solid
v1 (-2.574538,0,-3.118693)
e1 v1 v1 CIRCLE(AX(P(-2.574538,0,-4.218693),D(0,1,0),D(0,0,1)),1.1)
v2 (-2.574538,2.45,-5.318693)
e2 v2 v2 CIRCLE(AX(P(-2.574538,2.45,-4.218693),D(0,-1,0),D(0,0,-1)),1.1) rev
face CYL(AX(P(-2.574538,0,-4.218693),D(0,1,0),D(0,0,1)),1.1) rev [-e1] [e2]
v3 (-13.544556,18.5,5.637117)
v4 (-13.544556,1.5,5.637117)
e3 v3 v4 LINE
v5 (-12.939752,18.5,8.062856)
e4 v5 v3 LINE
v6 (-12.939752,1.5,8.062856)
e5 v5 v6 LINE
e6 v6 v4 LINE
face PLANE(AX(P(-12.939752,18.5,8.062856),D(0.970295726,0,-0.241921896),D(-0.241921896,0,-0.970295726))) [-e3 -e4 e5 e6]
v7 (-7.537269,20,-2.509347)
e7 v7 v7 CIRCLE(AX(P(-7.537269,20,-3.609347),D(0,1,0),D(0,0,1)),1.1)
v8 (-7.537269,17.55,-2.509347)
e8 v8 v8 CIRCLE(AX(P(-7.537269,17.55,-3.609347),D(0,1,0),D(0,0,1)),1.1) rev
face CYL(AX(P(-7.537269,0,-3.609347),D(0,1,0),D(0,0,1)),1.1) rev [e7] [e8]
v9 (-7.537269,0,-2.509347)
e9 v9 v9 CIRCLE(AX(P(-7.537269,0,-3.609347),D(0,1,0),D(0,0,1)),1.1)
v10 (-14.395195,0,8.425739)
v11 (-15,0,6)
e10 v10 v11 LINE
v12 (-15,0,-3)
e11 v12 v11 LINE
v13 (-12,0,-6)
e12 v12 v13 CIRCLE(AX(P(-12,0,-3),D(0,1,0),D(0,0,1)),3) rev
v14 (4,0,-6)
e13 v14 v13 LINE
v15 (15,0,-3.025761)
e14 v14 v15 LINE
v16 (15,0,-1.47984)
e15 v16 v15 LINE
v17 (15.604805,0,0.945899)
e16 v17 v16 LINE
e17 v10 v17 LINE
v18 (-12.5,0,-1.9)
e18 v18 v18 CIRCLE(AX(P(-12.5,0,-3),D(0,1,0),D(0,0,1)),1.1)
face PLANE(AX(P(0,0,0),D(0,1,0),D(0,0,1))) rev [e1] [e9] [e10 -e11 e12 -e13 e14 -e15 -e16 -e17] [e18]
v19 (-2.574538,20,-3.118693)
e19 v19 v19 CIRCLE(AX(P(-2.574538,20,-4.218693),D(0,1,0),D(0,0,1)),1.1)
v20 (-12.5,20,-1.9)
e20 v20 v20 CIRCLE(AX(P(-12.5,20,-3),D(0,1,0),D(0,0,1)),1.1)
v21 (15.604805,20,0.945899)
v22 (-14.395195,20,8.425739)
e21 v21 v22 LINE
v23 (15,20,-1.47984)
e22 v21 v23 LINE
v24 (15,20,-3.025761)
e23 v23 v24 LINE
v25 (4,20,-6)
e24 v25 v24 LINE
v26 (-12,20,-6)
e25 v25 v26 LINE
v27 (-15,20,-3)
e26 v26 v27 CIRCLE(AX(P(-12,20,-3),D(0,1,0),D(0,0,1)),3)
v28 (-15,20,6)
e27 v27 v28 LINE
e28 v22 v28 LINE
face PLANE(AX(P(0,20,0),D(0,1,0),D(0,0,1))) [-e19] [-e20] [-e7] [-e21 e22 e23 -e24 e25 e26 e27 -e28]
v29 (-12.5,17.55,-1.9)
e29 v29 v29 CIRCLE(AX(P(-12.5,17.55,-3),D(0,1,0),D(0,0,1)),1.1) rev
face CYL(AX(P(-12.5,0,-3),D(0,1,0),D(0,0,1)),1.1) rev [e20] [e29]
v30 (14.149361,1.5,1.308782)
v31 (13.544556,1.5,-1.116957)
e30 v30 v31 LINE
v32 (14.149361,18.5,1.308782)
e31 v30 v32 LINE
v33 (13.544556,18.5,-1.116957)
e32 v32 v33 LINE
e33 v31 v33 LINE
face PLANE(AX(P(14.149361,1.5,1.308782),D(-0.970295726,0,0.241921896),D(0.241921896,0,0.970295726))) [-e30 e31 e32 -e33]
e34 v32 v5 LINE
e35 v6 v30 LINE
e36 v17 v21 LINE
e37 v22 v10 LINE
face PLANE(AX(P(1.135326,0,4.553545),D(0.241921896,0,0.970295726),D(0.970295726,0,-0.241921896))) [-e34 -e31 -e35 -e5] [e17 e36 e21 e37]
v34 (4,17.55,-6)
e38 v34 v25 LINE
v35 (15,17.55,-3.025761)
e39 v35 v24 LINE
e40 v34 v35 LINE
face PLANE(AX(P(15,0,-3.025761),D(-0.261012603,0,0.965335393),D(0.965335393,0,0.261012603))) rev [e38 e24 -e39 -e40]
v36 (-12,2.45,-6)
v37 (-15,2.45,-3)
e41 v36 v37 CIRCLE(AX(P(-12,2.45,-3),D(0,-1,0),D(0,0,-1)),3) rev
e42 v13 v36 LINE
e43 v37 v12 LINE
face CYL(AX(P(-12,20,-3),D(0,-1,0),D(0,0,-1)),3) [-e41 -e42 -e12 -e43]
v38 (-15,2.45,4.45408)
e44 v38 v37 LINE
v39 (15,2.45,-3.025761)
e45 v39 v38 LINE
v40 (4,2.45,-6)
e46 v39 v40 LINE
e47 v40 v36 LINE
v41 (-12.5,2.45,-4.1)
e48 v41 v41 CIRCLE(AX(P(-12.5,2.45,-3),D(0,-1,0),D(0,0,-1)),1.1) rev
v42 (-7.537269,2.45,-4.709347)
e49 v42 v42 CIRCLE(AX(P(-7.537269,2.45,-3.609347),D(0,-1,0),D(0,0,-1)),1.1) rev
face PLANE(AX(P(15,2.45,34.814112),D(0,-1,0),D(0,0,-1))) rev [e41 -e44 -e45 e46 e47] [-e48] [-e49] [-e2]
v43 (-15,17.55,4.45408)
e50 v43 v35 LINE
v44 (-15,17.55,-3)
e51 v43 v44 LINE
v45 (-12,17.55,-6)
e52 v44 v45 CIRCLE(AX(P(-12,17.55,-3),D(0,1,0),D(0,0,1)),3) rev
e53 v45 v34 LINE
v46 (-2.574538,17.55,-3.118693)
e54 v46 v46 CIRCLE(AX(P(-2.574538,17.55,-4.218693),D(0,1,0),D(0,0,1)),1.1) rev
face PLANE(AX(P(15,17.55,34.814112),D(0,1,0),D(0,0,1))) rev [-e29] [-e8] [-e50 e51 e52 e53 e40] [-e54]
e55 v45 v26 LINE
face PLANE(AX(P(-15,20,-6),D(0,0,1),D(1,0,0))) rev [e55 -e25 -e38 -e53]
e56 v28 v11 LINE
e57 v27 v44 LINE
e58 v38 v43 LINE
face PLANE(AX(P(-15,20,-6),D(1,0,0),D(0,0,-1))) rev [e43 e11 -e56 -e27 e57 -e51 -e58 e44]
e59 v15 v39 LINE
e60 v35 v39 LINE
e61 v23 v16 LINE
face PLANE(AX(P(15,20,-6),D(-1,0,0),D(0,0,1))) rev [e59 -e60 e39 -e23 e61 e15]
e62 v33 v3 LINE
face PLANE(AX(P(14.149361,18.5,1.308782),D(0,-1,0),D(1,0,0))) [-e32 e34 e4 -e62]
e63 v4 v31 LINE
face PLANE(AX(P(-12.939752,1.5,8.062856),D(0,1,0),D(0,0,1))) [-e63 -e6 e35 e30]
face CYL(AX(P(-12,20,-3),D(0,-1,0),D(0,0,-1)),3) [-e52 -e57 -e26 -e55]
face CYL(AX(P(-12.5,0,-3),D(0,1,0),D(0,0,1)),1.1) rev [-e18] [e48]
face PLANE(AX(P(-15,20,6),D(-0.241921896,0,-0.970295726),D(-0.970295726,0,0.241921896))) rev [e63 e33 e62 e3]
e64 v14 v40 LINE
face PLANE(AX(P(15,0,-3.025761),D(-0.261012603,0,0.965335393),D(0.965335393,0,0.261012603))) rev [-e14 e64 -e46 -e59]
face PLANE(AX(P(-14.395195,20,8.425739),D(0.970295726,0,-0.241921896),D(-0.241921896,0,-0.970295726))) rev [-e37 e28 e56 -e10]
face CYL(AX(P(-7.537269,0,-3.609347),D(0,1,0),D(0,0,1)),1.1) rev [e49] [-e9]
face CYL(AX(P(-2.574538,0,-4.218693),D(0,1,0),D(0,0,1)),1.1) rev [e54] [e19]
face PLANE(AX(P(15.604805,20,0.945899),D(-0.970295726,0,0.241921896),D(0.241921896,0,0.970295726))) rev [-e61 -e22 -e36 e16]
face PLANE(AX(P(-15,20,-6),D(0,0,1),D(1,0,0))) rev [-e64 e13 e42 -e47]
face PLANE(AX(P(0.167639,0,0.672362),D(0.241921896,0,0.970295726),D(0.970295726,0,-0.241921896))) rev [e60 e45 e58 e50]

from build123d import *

# Parameters (mm, degrees)
EXTRUDE_1_DEPTH          = 20
SKETCH_2_R               = 1.1
CUT_EXTRUDE_2_DEPTH      = 26.709920264
CUT_EXTRUDE_3_REACH      = 29.731
SKETCH_3_W               = 30
SKETCH_3_H               = 15.1
FILLET_1_R               = 3
SKETCH_6_W               = 30.918408881
SKETCH_6_H               = 20
SKETCH_6_W_2             = 27.918408881
SKETCH_6_H_2             = 17
EXTRUDE_2_DEPTH          = 2.5
CUT_EXTRUDE_4_DEPTH      = 25.9500604
CUT_EXTRUDE_4_DEPTH_BACK = 25.9500604


with BuildPart() as part:
    # 草图1 → 凸台-拉伸1 (new body)
    with BuildSketch(Plane(origin=(0, 0, 0), x_dir=(1, 0, 0), z_dir=(0, 1, 0))):
        Polygon((-15, -6), (15, 1.479840085), (15, 6), (-15, 6), align=None)
    extrude(amount=EXTRUDE_1_DEPTH)

    # 草图2 → 切除-拉伸2 (cut, through all)
    with BuildSketch(Plane(origin=(0, 20, 0), x_dir=(1, 0, 0), z_dir=(0, 1, 0))):
        with Locations(Location((-12.5, 3, 0), (0, 0, 270))):
            Circle(SKETCH_2_R)
        with Locations(Location((-7.537269242, 3.609346717, 0), (0, 0, 270))):
            Circle(SKETCH_2_R)
        with Locations(Location((-2.574538484, 4.218693434, 0), (0, 0, 270))):
            Circle(SKETCH_2_R)
    extrude(amount=-CUT_EXTRUDE_2_DEPTH, mode=Mode.SUBTRACT)

    # 切除-拉伸3: up to this plane
    cut_extrude_3_end = Plane(origin=(0.167638791, 0, 0.672362468), z_dir=(0.24192189559966876, 0, 0.9702957262759963))
    # 草图3 → 切除-拉伸3 (cut, up to the surface)
    with BuildSketch(Plane(origin=(0, 0, -6), x_dir=(-1, 0, 0), z_dir=(0, 0, -1)), mode=Mode.PRIVATE) as cut_extrude_3_sk1:
        with Locations((0, 10)):
            Rectangle(SKETCH_3_W, SKETCH_3_H)
    cut_extrude_3_tool1 = split(extrude(cut_extrude_3_sk1.sketch, amount=-CUT_EXTRUDE_3_REACH, mode=Mode.PRIVATE), bisect_by=cut_extrude_3_end, keep=Keep.BOTH, mode=Mode.PRIVATE)
    add(cut_extrude_3_tool1.solids().sort_by_distance((0, 10, -6))[0], mode=Mode.SUBTRACT)

    # 圆角1
    fillet_1_edges = [part.edges().sort_by_distance(p)[0] for p in [
        (-15, 1.225, -6),
        (-15, 18.775, -6),
    ]]
    fillet(fillet_1_edges, radius=FILLET_1_R)

    # 草图6 → 凸台-拉伸2 (add)
    with BuildSketch(Plane(origin=(0.530521635, 0, 2.127806058), x_dir=(0.9702957262759964, 0, -0.2419218955996687), z_dir=(0.2419218955996687, 0, 0.9702957262759964))):
        with Locations((-0.546762828, 10)):
            Rectangle(SKETCH_6_W, SKETCH_6_H)
        with Locations((-0.546762828, 10)):
            Rectangle(SKETCH_6_W_2, SKETCH_6_H_2, mode=Mode.SUBTRACT)
    extrude(amount=EXTRUDE_2_DEPTH)

    # 草图7 → 切除-拉伸4 (cut, two sides: drawn at the far end of the back side and taken through both)
    with BuildSketch(Plane(origin=(0, 2.45, 0), x_dir=(1, 0, 0), z_dir=(0, 1, 0)).offset(-CUT_EXTRUDE_4_DEPTH_BACK)):
        Polygon((15, 3.025760529), (4, 6), (15, 6), align=None)
    extrude(amount=CUT_EXTRUDE_4_DEPTH + CUT_EXTRUDE_4_DEPTH_BACK, mode=Mode.SUBTRACT)


solid = part.part
